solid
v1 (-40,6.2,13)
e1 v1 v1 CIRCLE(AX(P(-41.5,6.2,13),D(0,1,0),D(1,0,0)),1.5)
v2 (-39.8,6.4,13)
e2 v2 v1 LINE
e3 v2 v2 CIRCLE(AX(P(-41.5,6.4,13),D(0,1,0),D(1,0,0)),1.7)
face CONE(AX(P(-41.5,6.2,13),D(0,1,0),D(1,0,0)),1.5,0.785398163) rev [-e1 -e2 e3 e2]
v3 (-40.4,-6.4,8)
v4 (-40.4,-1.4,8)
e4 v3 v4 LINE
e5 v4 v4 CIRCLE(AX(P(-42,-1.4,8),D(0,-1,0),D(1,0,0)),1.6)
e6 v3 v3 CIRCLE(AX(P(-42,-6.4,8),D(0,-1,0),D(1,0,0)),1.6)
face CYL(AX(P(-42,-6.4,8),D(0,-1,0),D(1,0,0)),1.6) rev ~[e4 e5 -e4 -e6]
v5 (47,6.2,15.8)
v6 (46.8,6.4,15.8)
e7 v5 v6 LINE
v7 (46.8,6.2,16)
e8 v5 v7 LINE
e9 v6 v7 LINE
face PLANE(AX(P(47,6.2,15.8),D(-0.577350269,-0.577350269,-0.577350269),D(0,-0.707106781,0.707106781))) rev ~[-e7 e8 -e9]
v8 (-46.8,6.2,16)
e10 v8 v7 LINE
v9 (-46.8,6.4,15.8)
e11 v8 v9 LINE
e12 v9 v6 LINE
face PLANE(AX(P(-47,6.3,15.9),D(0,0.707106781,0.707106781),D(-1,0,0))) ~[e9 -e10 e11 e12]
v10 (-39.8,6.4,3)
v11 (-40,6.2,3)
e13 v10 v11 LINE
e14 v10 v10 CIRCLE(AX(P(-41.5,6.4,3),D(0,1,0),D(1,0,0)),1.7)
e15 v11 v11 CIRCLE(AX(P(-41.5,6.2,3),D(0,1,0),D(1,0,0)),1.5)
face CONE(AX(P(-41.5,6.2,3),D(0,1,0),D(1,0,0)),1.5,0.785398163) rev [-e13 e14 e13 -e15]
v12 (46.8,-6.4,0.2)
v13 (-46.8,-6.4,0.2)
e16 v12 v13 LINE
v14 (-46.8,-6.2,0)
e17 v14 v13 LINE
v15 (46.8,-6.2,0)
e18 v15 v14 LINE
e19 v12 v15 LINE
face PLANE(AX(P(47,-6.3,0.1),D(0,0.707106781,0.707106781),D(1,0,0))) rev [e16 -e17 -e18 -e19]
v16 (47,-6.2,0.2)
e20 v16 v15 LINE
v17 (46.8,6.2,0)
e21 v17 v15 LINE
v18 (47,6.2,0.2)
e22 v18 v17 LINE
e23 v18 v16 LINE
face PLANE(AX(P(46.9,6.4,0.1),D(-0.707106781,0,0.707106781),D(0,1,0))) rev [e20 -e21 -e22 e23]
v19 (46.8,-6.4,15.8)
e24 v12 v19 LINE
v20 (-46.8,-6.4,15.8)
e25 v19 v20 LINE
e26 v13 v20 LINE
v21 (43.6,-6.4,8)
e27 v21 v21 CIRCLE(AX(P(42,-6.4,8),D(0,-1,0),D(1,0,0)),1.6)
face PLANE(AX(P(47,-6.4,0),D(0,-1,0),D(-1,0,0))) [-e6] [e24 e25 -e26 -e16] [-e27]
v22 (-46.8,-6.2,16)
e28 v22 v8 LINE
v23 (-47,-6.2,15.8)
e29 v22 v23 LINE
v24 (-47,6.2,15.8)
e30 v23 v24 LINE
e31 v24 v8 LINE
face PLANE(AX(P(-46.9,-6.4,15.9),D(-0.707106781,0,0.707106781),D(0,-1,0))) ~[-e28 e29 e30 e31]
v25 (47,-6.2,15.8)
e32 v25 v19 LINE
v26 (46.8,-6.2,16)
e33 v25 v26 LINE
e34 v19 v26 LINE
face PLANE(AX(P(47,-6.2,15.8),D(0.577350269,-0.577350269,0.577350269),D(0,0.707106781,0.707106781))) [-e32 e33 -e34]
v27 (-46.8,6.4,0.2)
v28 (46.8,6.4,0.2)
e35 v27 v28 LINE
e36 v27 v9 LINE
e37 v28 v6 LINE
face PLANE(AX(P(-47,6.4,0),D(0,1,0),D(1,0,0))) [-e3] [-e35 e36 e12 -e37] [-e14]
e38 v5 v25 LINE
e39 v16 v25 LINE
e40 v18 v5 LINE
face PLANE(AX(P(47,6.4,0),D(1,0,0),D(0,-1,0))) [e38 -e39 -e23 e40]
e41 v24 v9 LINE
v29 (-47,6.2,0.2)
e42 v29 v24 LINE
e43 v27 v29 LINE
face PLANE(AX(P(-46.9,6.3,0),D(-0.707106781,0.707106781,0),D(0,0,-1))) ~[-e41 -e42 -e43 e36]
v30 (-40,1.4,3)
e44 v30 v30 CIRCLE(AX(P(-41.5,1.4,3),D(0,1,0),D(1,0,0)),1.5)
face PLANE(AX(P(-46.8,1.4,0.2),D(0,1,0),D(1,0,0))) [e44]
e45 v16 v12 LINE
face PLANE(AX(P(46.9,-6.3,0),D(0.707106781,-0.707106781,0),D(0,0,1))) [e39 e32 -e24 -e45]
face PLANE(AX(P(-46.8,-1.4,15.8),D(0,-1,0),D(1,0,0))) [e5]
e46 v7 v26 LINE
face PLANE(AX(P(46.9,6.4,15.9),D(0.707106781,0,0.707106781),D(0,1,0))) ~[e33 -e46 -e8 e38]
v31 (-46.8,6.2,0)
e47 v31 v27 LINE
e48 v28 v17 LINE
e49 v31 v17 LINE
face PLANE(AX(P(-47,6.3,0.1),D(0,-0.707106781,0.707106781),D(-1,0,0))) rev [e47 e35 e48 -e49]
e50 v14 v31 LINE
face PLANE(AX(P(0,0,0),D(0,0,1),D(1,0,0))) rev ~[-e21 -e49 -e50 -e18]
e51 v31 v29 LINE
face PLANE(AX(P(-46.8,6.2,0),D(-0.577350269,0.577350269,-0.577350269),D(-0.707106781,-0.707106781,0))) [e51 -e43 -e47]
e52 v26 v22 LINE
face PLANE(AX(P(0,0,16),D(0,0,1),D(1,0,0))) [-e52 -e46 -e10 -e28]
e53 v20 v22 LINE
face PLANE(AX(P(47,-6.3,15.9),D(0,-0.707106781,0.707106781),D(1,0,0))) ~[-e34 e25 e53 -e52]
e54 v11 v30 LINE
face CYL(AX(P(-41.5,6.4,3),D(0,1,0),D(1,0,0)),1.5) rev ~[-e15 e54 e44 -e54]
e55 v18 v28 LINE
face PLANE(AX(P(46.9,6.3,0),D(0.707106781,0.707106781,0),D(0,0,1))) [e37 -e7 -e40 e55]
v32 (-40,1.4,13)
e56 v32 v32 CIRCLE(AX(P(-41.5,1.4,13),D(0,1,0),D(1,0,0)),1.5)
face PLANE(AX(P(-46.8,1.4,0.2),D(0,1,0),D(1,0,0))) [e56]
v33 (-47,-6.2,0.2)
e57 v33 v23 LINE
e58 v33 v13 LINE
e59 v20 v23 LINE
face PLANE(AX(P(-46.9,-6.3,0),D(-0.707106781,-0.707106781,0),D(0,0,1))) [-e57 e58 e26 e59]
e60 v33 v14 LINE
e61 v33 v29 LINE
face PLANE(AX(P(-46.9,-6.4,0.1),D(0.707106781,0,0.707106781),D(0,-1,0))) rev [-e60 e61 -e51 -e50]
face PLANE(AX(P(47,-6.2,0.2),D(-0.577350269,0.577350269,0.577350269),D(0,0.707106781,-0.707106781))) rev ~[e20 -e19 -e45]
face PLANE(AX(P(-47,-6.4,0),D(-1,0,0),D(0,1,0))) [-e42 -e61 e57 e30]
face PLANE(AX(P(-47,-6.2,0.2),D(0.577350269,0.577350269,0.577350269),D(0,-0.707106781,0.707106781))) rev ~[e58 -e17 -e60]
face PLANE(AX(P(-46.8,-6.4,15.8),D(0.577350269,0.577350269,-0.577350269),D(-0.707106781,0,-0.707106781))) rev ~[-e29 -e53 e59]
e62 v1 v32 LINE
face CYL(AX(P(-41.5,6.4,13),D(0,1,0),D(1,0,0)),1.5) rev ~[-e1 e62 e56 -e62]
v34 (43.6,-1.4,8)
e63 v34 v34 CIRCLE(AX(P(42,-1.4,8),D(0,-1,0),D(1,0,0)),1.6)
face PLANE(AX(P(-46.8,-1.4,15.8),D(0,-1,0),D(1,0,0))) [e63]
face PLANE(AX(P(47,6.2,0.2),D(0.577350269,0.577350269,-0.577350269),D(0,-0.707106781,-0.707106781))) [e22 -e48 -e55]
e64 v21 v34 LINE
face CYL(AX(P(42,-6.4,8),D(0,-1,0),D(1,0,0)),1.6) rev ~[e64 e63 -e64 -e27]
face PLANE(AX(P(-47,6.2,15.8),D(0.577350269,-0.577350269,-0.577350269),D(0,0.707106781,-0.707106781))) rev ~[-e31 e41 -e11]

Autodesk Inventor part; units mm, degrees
ref_plane "YZ Plane" through (0, 0, 0) normal (1, 0, 0) x (0, 1, 0)
ref_plane "XZ Plane" through (0, 0, 0) normal (0, 1, 0) x (-1, 0, 0)
ref_plane "XY Plane" through (0, 0, 0) normal (0, 0, 1) x (1, 0, 0)
sketch "Sketch1" plane through (0, 0, 0) normal (0, 0, 1) x (1, 0, 0)
  line L0 (-47, 6.4) -> (47, 6.4)
  line L1 (47, 6.4) -> (47, -6.4)
  line L2 (47, -6.4) -> (-47, -6.4)
  line L3 (-47, -6.4) -> (-47, 6.4)
  point P0 (0, 0)
  point P1 (-47, 0)
  point P2 (0, 6.4)
  dimension "d0" = 94
  dimension "d1" = 12.8
extrude "Extrusion1" add sketch "Sketch1" along normal blind 16
chamfer "Chamfer1" distance 0.2 angle 45 12 edges at (0, 6.4, 16) (-47, 0, 16) (-47, 6.4, 8) (0, 6.4, 0) (0, -6.4, 16) (0, -6.4, 0) (47, -6.4, 8) (47, 6.4, 8) (47, 0, 16) (47, 0, 0) (-47, 0, 0) (-47, -6.4, 8)
sketch "Sketch2" plane through (-46.8, 6.4, 0.2) normal (0, 1, 0) x (1, 0, 0)
  circle A0 centre (5.3, -2.8) radius 1.5
  circle A1 centre (5.3, -12.8) radius 1.5
  line L0 (0, -15.8) -> (93.6, -15.8) projected
  line L1 (93.6, 0.2) -> (0, 0.2) projected
  line L2 (-0.2, 0) -> (-0.2, -15.6) projected
  line L3 (7.8, 0.2) -> (7.8, -15.8)
  point P0 (46.8, 0.2)
  dimension "d7" = 3
  dimension "d8" = 10
  dimension "d9" = 16
  dimension "d10" = 3
  dimension "d11" = 5.5
  dimension "d12" = 8
extrude "Extrusion2" cut sketch "Sketch2" against normal blind 5
thread "Thread1" size "M3x0.5" class "6H" standard "ANSI Metric M Profile" full length
thread "Thread2" size "M3x0.5" class "6H" standard "ANSI Metric M Profile" full length
chamfer "Chamfer2" distance 0.2 angle 45 2 edges at (-43, 6.4, 13) (-43, 6.4, 3)
sketch "Sketch3" plane through (-46.8, -6.4, 15.8) normal (0, -1, 0) x (1, 0, 0)
  circle A0 centre (4.8, -7.8) radius 1.6
  circle A1 centre (88.8, -7.8) radius 1.6
  line L0 (0, -15.6) -> (0, 0) projected
  line L1 (93.6, 0) -> (93.6, -15.6) projected
  line L2 (-0.2, 0) -> (-0.2, -15.6) projected
  line L3 (93.8, -15.6) -> (93.8, 0) projected
  point P0 (46.8, -15.8)
  point P1 (0, -7.8)
  point P2 (93.6, -7.8)
  dimension "d22" = 3.2
  dimension "d23" = 5
  dimension "d24" = 5
extrude "Extrusion3" cut sketch "Sketch3" against normal blind 5
thread "Thread3" size "M3.5x0.6" class "6H" standard "ANSI Metric M Profile" full length
thread "Thread4" size "M3.5x0.6" class "6H" standard "ANSI Metric M Profile" full length
equation "\"d10\" = -0.5 * d8 + 0.5 * d9"
properties part number "Aluminum Mounting Bridge"
